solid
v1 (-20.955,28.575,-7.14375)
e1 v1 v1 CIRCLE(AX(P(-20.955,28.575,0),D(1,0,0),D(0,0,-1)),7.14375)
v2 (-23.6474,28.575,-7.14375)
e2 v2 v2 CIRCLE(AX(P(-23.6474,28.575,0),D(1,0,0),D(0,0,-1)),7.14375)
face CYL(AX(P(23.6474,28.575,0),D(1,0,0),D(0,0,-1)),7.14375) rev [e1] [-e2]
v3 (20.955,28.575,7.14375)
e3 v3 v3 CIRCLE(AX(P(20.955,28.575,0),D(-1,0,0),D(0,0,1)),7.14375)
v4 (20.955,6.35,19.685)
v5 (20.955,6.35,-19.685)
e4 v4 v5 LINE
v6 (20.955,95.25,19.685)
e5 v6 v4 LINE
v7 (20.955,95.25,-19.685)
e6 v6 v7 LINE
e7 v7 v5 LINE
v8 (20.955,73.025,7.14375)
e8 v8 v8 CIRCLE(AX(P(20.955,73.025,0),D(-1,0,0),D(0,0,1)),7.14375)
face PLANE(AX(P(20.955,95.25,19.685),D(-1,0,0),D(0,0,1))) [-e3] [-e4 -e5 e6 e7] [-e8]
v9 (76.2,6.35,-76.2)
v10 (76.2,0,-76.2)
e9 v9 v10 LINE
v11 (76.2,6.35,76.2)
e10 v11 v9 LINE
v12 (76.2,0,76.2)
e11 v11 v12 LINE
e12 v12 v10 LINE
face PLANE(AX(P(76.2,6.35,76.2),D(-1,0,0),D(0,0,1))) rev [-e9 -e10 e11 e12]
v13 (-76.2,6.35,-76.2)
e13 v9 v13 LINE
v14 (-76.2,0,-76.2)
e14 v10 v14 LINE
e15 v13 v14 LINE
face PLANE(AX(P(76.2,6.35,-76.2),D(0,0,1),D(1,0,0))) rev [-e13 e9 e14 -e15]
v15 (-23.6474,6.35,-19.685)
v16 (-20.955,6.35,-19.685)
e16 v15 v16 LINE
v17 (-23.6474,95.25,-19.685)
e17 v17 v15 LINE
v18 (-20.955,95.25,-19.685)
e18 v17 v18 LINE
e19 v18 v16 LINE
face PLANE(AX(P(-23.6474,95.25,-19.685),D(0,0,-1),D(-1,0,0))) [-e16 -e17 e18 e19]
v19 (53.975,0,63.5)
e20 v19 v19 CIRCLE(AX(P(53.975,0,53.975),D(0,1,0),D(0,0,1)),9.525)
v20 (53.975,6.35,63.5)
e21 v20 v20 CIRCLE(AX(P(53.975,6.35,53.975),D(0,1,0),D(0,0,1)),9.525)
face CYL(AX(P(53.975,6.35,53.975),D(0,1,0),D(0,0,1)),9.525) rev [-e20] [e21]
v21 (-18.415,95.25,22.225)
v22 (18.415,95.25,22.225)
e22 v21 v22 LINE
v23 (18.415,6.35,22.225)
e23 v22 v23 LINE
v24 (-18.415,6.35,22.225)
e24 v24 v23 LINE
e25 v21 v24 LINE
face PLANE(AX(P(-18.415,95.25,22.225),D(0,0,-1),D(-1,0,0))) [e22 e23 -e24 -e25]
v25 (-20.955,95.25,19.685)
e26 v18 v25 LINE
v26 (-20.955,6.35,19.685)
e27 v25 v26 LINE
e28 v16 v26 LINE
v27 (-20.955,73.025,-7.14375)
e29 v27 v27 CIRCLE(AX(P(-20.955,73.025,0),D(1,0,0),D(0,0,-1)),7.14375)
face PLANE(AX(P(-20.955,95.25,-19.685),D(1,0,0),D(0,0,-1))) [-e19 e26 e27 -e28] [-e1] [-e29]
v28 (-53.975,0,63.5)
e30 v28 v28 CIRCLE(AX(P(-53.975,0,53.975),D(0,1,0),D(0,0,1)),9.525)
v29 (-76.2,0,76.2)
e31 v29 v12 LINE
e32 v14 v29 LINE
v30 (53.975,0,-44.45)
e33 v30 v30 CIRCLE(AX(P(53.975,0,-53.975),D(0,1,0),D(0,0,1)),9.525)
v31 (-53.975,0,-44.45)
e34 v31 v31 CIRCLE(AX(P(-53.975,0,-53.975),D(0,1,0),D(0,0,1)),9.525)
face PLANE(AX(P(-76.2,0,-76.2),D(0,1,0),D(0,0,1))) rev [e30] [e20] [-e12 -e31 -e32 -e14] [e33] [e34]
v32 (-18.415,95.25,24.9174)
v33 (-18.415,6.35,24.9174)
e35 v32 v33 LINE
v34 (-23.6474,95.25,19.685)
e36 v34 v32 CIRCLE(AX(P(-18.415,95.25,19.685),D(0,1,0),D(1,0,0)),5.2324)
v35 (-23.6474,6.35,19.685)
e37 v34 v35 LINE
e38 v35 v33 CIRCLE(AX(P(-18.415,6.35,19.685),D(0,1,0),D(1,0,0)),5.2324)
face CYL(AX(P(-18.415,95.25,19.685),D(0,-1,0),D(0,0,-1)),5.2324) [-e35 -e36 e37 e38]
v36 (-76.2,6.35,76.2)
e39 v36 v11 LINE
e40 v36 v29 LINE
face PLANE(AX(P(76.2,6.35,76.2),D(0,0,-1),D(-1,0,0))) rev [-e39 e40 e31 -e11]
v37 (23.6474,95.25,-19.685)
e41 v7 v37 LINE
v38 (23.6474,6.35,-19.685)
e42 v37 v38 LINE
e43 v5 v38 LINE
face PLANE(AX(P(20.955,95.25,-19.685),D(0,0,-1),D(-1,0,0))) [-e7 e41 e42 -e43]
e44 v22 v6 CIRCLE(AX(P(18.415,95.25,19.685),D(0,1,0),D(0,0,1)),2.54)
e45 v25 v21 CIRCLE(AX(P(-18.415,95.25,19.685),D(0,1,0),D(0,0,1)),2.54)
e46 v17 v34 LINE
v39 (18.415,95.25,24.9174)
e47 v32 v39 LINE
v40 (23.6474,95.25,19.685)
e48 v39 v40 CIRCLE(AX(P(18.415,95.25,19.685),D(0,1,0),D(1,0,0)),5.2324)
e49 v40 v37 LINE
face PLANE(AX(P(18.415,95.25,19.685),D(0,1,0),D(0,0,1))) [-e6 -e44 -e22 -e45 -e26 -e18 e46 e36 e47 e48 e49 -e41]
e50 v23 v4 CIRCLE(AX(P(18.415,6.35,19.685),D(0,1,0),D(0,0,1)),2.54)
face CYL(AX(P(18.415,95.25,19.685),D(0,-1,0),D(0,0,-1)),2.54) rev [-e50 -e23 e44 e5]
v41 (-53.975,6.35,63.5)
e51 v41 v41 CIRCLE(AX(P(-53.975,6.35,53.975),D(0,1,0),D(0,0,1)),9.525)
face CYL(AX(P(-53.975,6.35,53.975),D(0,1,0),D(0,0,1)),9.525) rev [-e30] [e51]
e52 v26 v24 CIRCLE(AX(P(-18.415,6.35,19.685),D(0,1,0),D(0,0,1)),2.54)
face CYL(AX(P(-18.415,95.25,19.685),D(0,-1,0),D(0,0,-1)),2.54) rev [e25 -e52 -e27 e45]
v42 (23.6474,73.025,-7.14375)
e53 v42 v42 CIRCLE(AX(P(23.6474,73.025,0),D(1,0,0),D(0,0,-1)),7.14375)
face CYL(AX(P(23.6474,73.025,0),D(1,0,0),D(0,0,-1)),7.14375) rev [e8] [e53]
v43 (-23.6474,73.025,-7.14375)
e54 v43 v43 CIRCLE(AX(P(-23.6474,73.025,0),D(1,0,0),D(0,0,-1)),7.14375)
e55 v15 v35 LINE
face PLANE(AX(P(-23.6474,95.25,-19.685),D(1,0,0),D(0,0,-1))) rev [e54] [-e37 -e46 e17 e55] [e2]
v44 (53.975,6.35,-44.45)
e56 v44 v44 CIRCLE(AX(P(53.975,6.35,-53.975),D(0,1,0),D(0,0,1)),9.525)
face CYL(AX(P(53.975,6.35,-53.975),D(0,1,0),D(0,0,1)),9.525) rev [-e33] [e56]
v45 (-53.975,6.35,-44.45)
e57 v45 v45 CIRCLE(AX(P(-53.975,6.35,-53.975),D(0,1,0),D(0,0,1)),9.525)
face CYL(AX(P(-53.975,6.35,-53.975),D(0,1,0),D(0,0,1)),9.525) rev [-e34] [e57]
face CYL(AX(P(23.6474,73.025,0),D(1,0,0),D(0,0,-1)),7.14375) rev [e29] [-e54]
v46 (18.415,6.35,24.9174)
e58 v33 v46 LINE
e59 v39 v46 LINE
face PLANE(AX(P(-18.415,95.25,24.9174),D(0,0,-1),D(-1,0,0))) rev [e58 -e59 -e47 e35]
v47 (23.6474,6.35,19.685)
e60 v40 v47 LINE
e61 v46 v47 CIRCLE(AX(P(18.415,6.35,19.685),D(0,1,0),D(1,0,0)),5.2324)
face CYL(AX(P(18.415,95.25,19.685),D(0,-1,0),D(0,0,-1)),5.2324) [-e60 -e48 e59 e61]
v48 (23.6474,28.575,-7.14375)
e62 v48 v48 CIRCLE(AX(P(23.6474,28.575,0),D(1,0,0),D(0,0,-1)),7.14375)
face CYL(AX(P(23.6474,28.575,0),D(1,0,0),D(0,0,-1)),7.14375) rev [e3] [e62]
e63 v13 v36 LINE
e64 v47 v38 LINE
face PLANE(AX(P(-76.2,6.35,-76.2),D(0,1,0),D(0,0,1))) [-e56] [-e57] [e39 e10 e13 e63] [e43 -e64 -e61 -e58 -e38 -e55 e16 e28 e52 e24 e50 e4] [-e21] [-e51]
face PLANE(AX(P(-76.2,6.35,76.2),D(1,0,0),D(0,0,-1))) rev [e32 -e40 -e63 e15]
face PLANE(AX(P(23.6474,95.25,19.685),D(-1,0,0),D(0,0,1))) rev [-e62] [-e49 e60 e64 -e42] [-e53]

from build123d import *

# Parameters (mm, degrees)
SKETCH1_W                          = 152.4
SKETCH1_H                          = 152.4
EXTRUDE1_DEPTH                     = 6.35
F_3_4_0_75_DIAMETER_HOLE1_D        = 19.05
F_3_4_0_75_DIAMETER_HOLE1_DEPTH    = 112.776
F_3_4_0_75_DIAMETER_HOLE1_TIP      = 5.723197396
EXTRUDE_THIN1_DEPTH                = 88.9
F_9_16_0_5625_DIAMETER_HOLE1_D     = 14.2875
F_9_16_0_5625_DIAMETER_HOLE1_DEPTH = 112.776
F_9_16_0_5625_DIAMETER_HOLE1_TIP   = 4.292398047


with BuildPart() as part:
    # Sketch1 → Extrude1 (new body)
    with BuildSketch(Plane(origin=(0, 0, 0), x_dir=(1, 0, 0), z_dir=(0, 1, 0))):
        Rectangle(SKETCH1_W, SKETCH1_H)
    extrude(amount=EXTRUDE1_DEPTH)

    # 3/4 (0.75) Diameter Hole1
    with Locations(Plane(origin=(0, 6.35, 0), x_dir=(-1, 0, 0), z_dir=(0, 1, 0))):
        with Locations((53.975, -53.975), (-53.975, -53.975), (-53.975, 53.975), (53.975, 53.975)):
            Hole(F_3_4_0_75_DIAMETER_HOLE1_D / 2, depth=F_3_4_0_75_DIAMETER_HOLE1_DEPTH)
            with Locations((0, 0, -(F_3_4_0_75_DIAMETER_HOLE1_DEPTH + F_3_4_0_75_DIAMETER_HOLE1_TIP / 2))):  # 118° drill point
                Cone(0, F_3_4_0_75_DIAMETER_HOLE1_D / 2, F_3_4_0_75_DIAMETER_HOLE1_TIP, mode=Mode.SUBTRACT)

    # Sketch4 → Extrude-Thin1 (add)
    with BuildSketch(Plane(origin=(0, 6.35, 0), x_dir=(1, 0, 0), z_dir=(0, 1, 0))):
        with BuildLine():
            Line((-20.955, 19.685), (-20.955, -19.685))
            ThreePointArc((-20.955, -19.685), (-20.211051224, -21.481051224), (-18.415, -22.225))
            Line((-18.415, -22.225), (18.415, -22.225))
            ThreePointArc((18.415, -22.225), (20.211051224, -21.481051224), (20.955, -19.685))
            Line((20.955, -19.685), (20.955, 19.685))
            Line((20.955, 19.685), (23.6474, 19.685))
            Line((23.6474, 19.685), (23.6474, -19.685))
            ThreePointArc((23.6474, -19.685), (22.114865522, -23.384865522), (18.415, -24.9174))
            Line((18.415, -24.9174), (-18.415, -24.9174))
            ThreePointArc((-18.415, -24.9174), (-22.114865522, -23.384865522), (-23.6474, -19.685))
            Line((-23.6474, -19.685), (-23.6474, 19.685))
            Line((-23.6474, 19.685), (-20.955, 19.685))
        make_face()
    extrude(amount=EXTRUDE_THIN1_DEPTH)

    # 9/16 (0.5625) Diameter Hole1
    with Locations(Plane(origin=(23.6474, 0, 0), x_dir=(0, 0, -1), z_dir=(1, 0, 0))):
        with Locations((0, 73.025), (0, 28.575)):
            Hole(F_9_16_0_5625_DIAMETER_HOLE1_D / 2, depth=F_9_16_0_5625_DIAMETER_HOLE1_DEPTH)
            with Locations((0, 0, -(F_9_16_0_5625_DIAMETER_HOLE1_DEPTH + F_9_16_0_5625_DIAMETER_HOLE1_TIP / 2))):  # 118° drill point
                Cone(0, F_9_16_0_5625_DIAMETER_HOLE1_D / 2, F_9_16_0_5625_DIAMETER_HOLE1_TIP, mode=Mode.SUBTRACT)


solid = part.part
